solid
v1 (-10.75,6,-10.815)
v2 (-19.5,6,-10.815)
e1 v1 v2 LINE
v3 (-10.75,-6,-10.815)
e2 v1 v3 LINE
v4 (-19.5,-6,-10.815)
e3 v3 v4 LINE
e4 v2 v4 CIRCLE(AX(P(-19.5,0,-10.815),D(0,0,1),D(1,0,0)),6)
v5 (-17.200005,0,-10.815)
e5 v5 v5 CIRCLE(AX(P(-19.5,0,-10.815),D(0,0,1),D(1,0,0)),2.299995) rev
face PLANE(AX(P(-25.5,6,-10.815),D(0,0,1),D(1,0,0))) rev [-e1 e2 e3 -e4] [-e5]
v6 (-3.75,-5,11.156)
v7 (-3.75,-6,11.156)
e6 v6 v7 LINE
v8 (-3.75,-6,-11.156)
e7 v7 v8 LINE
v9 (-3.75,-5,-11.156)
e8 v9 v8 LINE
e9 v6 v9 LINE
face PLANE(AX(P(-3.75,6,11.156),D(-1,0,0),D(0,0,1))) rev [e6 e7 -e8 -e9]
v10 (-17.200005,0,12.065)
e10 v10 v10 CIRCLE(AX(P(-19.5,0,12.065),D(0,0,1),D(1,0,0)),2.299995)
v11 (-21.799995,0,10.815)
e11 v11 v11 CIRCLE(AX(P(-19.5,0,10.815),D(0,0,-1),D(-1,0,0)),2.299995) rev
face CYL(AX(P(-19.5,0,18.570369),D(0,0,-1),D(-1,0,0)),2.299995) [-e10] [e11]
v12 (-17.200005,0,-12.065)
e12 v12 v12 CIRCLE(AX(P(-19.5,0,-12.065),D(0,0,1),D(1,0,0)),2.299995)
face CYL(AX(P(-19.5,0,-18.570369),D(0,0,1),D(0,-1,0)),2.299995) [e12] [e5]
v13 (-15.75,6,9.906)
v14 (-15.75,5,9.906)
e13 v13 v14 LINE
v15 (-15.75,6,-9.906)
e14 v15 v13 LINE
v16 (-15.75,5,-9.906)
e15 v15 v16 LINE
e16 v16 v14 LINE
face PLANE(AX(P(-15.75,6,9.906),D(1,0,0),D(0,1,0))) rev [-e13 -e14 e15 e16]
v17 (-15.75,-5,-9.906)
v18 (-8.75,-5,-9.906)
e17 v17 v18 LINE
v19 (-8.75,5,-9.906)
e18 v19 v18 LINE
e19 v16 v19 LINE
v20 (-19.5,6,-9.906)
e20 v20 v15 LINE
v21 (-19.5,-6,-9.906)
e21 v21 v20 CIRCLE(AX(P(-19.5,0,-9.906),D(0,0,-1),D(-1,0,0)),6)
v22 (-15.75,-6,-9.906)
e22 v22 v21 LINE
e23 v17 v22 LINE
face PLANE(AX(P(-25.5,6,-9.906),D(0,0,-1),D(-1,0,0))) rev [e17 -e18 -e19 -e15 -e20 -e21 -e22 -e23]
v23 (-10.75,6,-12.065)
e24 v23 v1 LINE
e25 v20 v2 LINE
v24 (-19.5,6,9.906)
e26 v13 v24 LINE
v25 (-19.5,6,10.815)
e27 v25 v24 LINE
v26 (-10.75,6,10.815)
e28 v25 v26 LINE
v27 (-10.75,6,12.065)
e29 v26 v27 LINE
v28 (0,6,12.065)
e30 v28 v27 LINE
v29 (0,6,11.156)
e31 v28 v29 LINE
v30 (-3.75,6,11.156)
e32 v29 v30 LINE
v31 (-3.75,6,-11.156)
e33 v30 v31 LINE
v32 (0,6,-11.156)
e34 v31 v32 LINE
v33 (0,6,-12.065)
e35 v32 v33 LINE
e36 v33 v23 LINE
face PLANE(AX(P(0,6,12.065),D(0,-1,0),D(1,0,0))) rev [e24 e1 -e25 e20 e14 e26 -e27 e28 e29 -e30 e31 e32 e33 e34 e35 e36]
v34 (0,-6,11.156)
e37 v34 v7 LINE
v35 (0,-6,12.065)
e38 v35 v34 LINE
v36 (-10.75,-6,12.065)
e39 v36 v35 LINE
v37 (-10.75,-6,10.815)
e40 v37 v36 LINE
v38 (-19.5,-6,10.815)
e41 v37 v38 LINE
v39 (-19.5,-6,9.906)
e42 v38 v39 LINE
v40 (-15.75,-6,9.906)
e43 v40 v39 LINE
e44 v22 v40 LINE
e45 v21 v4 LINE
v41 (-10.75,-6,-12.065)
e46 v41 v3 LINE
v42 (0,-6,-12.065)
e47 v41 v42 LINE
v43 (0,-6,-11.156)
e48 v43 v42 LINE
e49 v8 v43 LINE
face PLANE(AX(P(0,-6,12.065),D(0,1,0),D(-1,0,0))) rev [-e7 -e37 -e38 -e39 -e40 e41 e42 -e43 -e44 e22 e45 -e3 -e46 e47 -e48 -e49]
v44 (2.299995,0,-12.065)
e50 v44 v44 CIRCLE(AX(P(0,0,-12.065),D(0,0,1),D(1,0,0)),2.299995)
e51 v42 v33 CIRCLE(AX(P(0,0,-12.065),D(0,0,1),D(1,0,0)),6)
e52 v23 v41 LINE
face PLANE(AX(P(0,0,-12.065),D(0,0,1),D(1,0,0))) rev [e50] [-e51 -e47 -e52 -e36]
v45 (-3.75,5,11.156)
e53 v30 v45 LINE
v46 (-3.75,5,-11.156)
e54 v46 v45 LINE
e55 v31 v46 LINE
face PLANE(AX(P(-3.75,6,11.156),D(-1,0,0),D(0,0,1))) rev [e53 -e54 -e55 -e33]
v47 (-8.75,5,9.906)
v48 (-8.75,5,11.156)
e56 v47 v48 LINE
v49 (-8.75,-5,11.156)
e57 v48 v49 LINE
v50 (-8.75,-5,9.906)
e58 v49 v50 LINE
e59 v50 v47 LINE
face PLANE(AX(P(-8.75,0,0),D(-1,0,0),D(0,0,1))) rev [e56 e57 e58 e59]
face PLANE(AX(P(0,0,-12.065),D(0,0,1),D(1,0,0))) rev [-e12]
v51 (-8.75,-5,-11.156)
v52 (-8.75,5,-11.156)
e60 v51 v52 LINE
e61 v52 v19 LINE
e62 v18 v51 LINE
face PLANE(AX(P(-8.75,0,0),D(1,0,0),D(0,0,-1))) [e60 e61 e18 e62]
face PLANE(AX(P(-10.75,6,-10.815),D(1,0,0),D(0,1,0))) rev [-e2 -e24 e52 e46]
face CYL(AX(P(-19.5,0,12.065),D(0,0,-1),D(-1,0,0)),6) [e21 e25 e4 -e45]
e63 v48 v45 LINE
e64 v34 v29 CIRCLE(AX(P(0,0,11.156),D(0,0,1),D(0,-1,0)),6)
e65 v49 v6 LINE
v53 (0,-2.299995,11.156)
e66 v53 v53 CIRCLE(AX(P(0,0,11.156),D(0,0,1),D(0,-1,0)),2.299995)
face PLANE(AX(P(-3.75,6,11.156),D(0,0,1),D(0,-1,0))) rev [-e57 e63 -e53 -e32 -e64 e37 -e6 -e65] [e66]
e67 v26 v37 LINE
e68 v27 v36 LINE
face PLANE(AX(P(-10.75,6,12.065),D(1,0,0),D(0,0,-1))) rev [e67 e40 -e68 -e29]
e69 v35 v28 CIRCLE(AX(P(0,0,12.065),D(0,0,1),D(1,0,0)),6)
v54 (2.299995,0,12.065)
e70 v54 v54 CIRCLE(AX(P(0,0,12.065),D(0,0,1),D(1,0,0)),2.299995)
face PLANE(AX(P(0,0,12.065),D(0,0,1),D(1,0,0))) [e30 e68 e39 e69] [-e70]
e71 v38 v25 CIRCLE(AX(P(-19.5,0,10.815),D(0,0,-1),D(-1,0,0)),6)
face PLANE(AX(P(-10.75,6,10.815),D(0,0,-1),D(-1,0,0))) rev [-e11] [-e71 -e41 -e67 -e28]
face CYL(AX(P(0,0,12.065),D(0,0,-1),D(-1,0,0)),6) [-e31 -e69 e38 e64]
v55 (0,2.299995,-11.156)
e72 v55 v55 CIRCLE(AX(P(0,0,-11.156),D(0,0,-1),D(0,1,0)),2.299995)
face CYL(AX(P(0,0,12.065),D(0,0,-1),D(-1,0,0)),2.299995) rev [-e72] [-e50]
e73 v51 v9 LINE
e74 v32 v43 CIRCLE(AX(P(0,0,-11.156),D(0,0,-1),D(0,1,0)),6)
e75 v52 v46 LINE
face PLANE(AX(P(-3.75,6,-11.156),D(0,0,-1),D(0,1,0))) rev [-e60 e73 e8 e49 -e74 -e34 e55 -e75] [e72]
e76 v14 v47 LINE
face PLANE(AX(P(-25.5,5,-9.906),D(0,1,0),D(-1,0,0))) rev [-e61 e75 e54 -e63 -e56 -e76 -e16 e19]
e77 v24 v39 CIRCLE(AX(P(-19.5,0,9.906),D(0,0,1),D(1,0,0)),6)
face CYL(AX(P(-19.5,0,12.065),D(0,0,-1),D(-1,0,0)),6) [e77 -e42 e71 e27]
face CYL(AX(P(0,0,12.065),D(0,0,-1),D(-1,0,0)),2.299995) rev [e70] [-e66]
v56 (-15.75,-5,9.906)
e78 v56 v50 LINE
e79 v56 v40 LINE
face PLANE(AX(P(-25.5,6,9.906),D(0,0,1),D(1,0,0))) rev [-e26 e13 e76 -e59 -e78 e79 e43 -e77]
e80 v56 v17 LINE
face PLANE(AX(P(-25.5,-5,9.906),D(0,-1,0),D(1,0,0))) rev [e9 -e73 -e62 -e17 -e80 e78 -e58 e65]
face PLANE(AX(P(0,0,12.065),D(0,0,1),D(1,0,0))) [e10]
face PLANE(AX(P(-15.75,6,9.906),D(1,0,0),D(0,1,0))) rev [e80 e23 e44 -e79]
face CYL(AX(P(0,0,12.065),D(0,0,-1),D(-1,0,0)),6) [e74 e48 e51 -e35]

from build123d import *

# Parameters (mm, degrees)
SKETCH1_R           = 2.2999954
BOSS_EXTRUDE1_DEPTH = 12.065
SKETCH2_W           = 9.75
SKETCH2_H           = 22.312
SKETCH2_W_2         = 14.75
SKETCH2_H_2         = 1.25
SKETCH2_H_3         = 19.812
CUT_EXTRUDE1_DEPTH  = 13
SKETCH3_R           = 2.2999954
BOSS_EXTRUDE2_DEPTH = 1.25
SKETCH4_R           = 2.2999954
BOSS_EXTRUDE3_DEPTH = 1.25
SKETCH5_W           = 19.812
SKETCH5_H           = 10
CUT_EXTRUDE2_DEPTH  = 22.75
SKETCH6_W           = 1.25
SKETCH6_H           = 10
CUT_EXTRUDE3_DEPTH  = 5


with BuildPart() as part:
    # Sketch1 → Boss-Extrude1 (new body, symmetric)
    with BuildSketch(Plane(origin=(0, 0, 0), x_dir=(0, 1, 0), z_dir=(0, 0, 1))):
        with BuildLine():
            Line((-6, 0), (-6, 19.5))
            ThreePointArc((-6, 19.5), (0, 25.5), (6, 19.5))
            Line((6, 19.5), (6, 0))
            ThreePointArc((6, 0), (0, -6), (-6, 0))
        make_face()
        Circle(SKETCH1_R, mode=Mode.SUBTRACT)
    extrude(amount=BOSS_EXTRUDE1_DEPTH, both=True)

    # Sketch2 → Cut-Extrude1 (cut, through all)
    with BuildSketch(Plane.XZ.offset(6)):
        with Locations((1.125, 0)):
            Rectangle(SKETCH2_W, SKETCH2_H)
        with Locations((-18.125, 11.44)):
            Rectangle(SKETCH2_W_2, SKETCH2_H_2)
        with Locations((-18.125, -11.44)):
            Rectangle(SKETCH2_W_2, SKETCH2_H_2)
        with Locations((-20.625, 0)):
            Rectangle(SKETCH2_W, SKETCH2_H_3)
    extrude(amount=-CUT_EXTRUDE1_DEPTH, mode=Mode.SUBTRACT)

    # Sketch3 → Boss-Extrude2 (add)
    with BuildSketch(Plane.XY.offset(10.815)):
        with Locations((-19.5, 0)):
            Circle(SKETCH3_R)
    extrude(amount=BOSS_EXTRUDE2_DEPTH)

    # Sketch4 → Boss-Extrude3 (add)
    with BuildSketch(Plane(origin=(0, 0, -10.815), x_dir=(1, 0, 0), z_dir=(0, 0, -1))):
        with Locations((-19.5, 0)):
            Circle(SKETCH4_R)
    extrude(amount=BOSS_EXTRUDE3_DEPTH)

    # Sketch5 → Cut-Extrude2 (cut, through all)
    with BuildSketch(Plane(origin=(-3.75, 0, 0), x_dir=(0, 0, -1), z_dir=(1, 0, 0))):
        Rectangle(SKETCH5_W, SKETCH5_H)
    extrude(amount=-CUT_EXTRUDE2_DEPTH, mode=Mode.SUBTRACT)

    # Sketch6 → Cut-Extrude3 (cut)
    with BuildSketch(Plane(origin=(-3.75, 0, 0), x_dir=(0, 0, -1), z_dir=(1, 0, 0))):
        with Locations((-10.531, 0)):
            Rectangle(SKETCH6_W, SKETCH6_H)
        with Locations((10.531, 0)):
            Rectangle(SKETCH6_W, SKETCH6_H)
    extrude(amount=-CUT_EXTRUDE3_DEPTH, mode=Mode.SUBTRACT)


solid = part.part
